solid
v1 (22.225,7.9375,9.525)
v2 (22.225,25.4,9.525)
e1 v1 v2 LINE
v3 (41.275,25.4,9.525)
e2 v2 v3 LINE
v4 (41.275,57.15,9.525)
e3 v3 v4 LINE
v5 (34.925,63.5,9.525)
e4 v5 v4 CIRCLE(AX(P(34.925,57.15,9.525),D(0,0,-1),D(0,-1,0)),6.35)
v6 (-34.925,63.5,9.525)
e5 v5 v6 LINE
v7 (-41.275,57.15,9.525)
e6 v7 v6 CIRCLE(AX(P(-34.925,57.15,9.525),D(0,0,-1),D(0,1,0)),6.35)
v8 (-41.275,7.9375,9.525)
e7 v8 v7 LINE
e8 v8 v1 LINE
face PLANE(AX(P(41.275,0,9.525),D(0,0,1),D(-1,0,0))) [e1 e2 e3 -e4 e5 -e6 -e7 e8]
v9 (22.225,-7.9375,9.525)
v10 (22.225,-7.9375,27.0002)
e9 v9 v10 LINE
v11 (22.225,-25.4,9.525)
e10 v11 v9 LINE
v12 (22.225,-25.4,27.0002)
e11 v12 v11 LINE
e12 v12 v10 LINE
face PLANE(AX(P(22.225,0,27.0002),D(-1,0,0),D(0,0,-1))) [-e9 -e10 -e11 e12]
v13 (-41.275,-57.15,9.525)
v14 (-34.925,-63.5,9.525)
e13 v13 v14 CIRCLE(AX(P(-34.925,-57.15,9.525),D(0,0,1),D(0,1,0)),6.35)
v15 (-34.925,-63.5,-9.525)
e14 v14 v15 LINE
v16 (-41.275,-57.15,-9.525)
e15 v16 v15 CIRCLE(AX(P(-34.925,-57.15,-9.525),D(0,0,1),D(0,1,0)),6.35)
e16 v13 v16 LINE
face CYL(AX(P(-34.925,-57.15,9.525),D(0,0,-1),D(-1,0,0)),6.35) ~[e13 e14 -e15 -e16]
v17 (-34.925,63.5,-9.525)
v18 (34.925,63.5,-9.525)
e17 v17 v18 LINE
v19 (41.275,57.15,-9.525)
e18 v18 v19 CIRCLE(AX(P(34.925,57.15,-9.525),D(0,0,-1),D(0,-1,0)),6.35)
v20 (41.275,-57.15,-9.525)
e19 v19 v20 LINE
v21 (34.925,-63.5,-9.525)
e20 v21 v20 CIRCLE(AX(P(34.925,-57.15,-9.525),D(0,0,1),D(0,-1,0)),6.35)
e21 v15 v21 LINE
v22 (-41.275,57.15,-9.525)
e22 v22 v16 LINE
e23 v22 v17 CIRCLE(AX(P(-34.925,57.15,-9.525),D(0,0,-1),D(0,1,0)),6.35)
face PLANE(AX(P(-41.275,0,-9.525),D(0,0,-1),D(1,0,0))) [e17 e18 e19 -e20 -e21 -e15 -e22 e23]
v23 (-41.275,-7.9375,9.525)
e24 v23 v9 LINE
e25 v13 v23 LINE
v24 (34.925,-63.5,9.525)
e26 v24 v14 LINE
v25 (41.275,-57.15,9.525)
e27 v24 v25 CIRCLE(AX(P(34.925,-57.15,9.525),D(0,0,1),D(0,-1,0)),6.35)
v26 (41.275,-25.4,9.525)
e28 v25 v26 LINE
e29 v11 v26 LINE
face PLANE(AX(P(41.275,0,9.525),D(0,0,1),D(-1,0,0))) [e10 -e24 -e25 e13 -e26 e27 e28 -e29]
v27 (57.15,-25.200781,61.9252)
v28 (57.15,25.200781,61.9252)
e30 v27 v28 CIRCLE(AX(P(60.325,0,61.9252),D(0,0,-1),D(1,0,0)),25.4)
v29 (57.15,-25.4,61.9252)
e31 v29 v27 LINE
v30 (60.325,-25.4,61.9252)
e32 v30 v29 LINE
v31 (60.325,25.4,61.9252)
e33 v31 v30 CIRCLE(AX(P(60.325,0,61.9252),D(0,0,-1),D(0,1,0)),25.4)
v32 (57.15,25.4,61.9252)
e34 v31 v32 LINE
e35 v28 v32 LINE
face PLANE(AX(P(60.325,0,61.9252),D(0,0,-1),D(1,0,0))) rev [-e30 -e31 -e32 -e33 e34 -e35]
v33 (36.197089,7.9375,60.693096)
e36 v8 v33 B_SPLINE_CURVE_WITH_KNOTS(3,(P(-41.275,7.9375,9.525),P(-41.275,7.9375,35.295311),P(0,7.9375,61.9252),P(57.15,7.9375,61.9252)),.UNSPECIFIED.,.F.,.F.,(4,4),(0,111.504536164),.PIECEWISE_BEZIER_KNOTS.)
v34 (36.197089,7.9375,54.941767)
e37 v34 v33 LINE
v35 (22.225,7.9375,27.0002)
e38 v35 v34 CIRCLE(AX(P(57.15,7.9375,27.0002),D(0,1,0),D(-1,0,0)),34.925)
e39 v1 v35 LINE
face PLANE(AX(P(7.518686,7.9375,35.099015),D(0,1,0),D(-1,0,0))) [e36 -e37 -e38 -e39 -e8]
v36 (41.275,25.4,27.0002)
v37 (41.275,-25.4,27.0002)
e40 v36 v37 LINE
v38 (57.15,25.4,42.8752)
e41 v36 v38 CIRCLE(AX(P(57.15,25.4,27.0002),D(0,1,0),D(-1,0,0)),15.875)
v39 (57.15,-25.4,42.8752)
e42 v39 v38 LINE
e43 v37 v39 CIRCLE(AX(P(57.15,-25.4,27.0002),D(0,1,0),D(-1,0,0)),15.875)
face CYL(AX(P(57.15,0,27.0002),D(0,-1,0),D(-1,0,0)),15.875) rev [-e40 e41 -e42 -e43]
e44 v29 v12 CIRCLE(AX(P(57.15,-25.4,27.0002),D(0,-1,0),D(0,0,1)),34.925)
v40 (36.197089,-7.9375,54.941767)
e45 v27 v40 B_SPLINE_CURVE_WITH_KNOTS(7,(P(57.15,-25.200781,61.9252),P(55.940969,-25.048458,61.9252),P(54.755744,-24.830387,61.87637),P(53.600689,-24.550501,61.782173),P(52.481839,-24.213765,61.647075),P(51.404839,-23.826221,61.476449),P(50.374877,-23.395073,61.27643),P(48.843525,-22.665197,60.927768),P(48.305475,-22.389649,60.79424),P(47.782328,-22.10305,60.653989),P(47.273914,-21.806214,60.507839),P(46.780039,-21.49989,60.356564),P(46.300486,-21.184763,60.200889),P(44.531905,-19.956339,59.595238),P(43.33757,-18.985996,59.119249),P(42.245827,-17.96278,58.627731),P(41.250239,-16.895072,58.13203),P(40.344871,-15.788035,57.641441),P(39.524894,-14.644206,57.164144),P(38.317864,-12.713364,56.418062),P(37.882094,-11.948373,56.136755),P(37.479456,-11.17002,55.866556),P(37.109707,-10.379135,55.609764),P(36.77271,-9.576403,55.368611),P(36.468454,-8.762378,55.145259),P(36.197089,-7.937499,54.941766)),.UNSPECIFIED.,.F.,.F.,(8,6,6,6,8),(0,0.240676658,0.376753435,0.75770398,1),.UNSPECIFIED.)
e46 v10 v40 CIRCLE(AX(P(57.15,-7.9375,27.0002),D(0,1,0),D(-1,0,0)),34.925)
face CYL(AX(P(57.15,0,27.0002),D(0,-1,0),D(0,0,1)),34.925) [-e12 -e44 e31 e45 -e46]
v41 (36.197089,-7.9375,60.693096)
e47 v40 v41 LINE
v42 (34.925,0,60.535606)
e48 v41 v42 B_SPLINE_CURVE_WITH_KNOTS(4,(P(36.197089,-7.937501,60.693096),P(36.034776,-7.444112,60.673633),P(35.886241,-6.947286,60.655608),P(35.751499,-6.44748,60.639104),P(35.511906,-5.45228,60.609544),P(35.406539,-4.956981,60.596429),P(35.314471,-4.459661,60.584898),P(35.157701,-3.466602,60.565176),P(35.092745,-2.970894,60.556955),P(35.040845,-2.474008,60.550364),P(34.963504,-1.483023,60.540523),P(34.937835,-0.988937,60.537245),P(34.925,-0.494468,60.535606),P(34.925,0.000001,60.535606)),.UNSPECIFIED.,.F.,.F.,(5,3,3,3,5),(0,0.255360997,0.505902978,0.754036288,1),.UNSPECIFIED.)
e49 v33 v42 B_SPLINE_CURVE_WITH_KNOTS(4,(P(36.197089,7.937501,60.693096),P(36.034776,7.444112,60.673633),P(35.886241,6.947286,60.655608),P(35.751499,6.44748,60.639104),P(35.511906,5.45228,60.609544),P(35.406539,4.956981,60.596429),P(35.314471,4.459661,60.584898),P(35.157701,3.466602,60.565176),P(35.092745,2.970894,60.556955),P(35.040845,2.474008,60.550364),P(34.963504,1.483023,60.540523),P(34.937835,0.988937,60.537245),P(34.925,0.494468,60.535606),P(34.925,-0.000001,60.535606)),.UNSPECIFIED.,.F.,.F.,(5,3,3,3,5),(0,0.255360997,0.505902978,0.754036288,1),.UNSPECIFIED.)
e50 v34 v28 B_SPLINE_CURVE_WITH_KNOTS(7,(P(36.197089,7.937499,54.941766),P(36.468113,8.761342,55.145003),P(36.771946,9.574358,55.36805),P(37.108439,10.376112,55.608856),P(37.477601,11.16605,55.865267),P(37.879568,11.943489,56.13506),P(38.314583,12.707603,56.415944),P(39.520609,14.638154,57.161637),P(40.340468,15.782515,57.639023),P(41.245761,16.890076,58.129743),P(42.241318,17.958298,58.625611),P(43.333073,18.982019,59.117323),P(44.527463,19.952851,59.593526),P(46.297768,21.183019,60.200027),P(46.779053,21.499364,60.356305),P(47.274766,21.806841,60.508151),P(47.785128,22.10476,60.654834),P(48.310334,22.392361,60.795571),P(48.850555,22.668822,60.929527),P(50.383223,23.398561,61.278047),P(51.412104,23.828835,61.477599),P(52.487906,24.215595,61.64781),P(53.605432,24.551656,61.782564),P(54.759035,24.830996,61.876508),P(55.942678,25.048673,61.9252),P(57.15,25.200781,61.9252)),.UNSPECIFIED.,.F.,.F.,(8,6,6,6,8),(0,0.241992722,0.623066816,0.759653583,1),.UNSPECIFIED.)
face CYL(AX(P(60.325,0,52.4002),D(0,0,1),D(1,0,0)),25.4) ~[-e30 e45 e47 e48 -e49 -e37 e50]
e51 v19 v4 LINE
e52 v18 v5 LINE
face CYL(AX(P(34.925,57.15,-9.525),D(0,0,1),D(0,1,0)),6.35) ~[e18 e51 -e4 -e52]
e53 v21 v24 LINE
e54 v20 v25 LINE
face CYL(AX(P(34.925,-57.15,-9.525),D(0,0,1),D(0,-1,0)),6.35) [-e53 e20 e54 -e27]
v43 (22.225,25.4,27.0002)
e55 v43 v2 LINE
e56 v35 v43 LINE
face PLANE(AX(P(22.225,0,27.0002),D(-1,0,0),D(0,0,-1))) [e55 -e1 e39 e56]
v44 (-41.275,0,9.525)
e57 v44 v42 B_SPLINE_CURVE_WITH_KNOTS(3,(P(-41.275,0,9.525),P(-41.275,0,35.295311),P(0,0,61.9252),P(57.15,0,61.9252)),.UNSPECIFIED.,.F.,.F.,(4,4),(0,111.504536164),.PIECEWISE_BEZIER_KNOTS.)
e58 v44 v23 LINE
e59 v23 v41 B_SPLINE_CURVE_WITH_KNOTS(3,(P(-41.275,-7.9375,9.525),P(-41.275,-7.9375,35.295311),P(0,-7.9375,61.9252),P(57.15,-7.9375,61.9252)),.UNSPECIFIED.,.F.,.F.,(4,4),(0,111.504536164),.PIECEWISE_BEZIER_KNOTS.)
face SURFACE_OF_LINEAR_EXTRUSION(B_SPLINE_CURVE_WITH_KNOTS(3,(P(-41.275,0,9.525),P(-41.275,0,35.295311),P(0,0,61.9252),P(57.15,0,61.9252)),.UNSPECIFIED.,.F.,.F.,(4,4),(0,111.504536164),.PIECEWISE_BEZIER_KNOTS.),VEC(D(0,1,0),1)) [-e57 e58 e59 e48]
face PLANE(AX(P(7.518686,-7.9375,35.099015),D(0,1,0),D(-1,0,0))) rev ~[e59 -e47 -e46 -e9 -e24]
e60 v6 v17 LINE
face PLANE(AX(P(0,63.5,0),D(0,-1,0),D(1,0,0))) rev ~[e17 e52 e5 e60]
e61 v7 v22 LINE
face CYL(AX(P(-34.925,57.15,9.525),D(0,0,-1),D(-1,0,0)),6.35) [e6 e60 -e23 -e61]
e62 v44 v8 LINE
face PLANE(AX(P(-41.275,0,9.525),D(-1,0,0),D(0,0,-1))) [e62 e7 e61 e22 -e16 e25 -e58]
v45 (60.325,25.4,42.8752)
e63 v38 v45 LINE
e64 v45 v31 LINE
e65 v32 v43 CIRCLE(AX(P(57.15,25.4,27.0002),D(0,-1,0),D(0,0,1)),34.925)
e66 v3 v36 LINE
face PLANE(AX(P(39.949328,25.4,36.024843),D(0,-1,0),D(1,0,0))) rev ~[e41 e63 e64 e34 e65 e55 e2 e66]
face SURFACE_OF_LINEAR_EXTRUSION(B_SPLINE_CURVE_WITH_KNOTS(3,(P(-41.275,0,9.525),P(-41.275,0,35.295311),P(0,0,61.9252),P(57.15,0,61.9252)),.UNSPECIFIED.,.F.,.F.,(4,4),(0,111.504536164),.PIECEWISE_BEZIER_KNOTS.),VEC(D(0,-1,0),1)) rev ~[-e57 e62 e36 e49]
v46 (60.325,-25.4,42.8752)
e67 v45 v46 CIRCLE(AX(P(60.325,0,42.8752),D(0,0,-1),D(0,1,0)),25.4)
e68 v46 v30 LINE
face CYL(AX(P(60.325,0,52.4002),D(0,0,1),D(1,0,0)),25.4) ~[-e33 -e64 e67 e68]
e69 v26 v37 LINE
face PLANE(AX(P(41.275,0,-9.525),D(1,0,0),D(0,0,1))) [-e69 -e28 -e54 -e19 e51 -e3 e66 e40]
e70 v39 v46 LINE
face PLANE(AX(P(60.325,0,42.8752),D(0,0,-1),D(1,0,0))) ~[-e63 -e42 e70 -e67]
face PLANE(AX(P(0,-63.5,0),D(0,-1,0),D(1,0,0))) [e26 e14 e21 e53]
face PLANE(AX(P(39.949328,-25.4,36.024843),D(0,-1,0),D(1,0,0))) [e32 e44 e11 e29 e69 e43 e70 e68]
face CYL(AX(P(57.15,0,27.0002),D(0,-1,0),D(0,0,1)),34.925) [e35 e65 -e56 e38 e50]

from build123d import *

# Parameters (mm, degrees)
F1_DEPTH = 63.5
F2_DEPTH = 25.4
F3_DEPTH = 7.9375
F0_W     = 25.4
F0_H     = 19.05
F5_R     = 6.35


with BuildPart() as f1:
    # F0 (on Front) → F1 (new body, symmetric)
    with BuildSketch(Plane.XZ):
        Polygon((-41.275, 9.525), (-41.275, -9.525), (41.275, -9.525), (41.275, 9.525), (22.225, 9.525), align=None)
    extrude(amount=F1_DEPTH, both=True)

    # F0 (on Front) → F2 (join, symmetric)
    with BuildSketch(Plane.XZ):
        with BuildLine():
            Line((22.225, 9.525), (41.275, 9.525))
            Line((41.275, 9.525), (41.275, 27.0002))
            ThreePointArc((41.275, 27.0002), (45.9246798487, 38.2255201513), (57.15, 42.8752))
            Line((57.15, 42.8752), (60.325, 42.8752))
            Line((60.325, 42.8752), (60.325, 61.9252))
            Line((60.325, 61.9252), (57.15, 61.9252))
            ThreePointArc((57.15, 61.9252), (32.4542956671, 51.6959043329), (22.225, 27.0002))
            Line((22.225, 27.0002), (22.225, 9.525))
        make_face()
    extrude(amount=F2_DEPTH, both=True)

    # F0 (on Front) → F3 (join, symmetric)
    with BuildSketch(Plane.XZ):
        with BuildLine():
            add(Edge.make_bspline(
                [(-41.275, 9.525), (-41.275, 35.2953113616), (0, 61.9252), (57.15, 61.9252)],
                knots=[0, 0, 0, 0, 111.5045361635, 111.5045361635, 111.5045361635, 111.5045361635], degree=3))
            Line((-41.275, 9.525), (22.225, 9.525))
            Line((22.225, 9.525), (22.225, 27.0002))
            ThreePointArc((22.225, 27.0002), (32.4542956671, 51.6959043329), (57.15, 61.9252))
        make_face()
    extrude(amount=F3_DEPTH, both=True)

    # F0 (on Front) → F4 (revolve)
    with BuildSketch(Plane.XZ):
        with Locations((73.025, 52.4002)):
            Rectangle(F0_W, F0_H)
    revolve(axis=Axis((60.325, 0, 52.3875), (0, 0, -1)))

    # F5
    f5_edges = [f1.edges().sort_by_distance(p)[0] for p in [
        (-41.275, -63.5, 0),
        (41.275, -63.5, 0),
        (41.275, 63.5, 0),
        (-41.275, 63.5, 0),
    ]]
    fillet(f5_edges, radius=F5_R)


solid = f1.part
